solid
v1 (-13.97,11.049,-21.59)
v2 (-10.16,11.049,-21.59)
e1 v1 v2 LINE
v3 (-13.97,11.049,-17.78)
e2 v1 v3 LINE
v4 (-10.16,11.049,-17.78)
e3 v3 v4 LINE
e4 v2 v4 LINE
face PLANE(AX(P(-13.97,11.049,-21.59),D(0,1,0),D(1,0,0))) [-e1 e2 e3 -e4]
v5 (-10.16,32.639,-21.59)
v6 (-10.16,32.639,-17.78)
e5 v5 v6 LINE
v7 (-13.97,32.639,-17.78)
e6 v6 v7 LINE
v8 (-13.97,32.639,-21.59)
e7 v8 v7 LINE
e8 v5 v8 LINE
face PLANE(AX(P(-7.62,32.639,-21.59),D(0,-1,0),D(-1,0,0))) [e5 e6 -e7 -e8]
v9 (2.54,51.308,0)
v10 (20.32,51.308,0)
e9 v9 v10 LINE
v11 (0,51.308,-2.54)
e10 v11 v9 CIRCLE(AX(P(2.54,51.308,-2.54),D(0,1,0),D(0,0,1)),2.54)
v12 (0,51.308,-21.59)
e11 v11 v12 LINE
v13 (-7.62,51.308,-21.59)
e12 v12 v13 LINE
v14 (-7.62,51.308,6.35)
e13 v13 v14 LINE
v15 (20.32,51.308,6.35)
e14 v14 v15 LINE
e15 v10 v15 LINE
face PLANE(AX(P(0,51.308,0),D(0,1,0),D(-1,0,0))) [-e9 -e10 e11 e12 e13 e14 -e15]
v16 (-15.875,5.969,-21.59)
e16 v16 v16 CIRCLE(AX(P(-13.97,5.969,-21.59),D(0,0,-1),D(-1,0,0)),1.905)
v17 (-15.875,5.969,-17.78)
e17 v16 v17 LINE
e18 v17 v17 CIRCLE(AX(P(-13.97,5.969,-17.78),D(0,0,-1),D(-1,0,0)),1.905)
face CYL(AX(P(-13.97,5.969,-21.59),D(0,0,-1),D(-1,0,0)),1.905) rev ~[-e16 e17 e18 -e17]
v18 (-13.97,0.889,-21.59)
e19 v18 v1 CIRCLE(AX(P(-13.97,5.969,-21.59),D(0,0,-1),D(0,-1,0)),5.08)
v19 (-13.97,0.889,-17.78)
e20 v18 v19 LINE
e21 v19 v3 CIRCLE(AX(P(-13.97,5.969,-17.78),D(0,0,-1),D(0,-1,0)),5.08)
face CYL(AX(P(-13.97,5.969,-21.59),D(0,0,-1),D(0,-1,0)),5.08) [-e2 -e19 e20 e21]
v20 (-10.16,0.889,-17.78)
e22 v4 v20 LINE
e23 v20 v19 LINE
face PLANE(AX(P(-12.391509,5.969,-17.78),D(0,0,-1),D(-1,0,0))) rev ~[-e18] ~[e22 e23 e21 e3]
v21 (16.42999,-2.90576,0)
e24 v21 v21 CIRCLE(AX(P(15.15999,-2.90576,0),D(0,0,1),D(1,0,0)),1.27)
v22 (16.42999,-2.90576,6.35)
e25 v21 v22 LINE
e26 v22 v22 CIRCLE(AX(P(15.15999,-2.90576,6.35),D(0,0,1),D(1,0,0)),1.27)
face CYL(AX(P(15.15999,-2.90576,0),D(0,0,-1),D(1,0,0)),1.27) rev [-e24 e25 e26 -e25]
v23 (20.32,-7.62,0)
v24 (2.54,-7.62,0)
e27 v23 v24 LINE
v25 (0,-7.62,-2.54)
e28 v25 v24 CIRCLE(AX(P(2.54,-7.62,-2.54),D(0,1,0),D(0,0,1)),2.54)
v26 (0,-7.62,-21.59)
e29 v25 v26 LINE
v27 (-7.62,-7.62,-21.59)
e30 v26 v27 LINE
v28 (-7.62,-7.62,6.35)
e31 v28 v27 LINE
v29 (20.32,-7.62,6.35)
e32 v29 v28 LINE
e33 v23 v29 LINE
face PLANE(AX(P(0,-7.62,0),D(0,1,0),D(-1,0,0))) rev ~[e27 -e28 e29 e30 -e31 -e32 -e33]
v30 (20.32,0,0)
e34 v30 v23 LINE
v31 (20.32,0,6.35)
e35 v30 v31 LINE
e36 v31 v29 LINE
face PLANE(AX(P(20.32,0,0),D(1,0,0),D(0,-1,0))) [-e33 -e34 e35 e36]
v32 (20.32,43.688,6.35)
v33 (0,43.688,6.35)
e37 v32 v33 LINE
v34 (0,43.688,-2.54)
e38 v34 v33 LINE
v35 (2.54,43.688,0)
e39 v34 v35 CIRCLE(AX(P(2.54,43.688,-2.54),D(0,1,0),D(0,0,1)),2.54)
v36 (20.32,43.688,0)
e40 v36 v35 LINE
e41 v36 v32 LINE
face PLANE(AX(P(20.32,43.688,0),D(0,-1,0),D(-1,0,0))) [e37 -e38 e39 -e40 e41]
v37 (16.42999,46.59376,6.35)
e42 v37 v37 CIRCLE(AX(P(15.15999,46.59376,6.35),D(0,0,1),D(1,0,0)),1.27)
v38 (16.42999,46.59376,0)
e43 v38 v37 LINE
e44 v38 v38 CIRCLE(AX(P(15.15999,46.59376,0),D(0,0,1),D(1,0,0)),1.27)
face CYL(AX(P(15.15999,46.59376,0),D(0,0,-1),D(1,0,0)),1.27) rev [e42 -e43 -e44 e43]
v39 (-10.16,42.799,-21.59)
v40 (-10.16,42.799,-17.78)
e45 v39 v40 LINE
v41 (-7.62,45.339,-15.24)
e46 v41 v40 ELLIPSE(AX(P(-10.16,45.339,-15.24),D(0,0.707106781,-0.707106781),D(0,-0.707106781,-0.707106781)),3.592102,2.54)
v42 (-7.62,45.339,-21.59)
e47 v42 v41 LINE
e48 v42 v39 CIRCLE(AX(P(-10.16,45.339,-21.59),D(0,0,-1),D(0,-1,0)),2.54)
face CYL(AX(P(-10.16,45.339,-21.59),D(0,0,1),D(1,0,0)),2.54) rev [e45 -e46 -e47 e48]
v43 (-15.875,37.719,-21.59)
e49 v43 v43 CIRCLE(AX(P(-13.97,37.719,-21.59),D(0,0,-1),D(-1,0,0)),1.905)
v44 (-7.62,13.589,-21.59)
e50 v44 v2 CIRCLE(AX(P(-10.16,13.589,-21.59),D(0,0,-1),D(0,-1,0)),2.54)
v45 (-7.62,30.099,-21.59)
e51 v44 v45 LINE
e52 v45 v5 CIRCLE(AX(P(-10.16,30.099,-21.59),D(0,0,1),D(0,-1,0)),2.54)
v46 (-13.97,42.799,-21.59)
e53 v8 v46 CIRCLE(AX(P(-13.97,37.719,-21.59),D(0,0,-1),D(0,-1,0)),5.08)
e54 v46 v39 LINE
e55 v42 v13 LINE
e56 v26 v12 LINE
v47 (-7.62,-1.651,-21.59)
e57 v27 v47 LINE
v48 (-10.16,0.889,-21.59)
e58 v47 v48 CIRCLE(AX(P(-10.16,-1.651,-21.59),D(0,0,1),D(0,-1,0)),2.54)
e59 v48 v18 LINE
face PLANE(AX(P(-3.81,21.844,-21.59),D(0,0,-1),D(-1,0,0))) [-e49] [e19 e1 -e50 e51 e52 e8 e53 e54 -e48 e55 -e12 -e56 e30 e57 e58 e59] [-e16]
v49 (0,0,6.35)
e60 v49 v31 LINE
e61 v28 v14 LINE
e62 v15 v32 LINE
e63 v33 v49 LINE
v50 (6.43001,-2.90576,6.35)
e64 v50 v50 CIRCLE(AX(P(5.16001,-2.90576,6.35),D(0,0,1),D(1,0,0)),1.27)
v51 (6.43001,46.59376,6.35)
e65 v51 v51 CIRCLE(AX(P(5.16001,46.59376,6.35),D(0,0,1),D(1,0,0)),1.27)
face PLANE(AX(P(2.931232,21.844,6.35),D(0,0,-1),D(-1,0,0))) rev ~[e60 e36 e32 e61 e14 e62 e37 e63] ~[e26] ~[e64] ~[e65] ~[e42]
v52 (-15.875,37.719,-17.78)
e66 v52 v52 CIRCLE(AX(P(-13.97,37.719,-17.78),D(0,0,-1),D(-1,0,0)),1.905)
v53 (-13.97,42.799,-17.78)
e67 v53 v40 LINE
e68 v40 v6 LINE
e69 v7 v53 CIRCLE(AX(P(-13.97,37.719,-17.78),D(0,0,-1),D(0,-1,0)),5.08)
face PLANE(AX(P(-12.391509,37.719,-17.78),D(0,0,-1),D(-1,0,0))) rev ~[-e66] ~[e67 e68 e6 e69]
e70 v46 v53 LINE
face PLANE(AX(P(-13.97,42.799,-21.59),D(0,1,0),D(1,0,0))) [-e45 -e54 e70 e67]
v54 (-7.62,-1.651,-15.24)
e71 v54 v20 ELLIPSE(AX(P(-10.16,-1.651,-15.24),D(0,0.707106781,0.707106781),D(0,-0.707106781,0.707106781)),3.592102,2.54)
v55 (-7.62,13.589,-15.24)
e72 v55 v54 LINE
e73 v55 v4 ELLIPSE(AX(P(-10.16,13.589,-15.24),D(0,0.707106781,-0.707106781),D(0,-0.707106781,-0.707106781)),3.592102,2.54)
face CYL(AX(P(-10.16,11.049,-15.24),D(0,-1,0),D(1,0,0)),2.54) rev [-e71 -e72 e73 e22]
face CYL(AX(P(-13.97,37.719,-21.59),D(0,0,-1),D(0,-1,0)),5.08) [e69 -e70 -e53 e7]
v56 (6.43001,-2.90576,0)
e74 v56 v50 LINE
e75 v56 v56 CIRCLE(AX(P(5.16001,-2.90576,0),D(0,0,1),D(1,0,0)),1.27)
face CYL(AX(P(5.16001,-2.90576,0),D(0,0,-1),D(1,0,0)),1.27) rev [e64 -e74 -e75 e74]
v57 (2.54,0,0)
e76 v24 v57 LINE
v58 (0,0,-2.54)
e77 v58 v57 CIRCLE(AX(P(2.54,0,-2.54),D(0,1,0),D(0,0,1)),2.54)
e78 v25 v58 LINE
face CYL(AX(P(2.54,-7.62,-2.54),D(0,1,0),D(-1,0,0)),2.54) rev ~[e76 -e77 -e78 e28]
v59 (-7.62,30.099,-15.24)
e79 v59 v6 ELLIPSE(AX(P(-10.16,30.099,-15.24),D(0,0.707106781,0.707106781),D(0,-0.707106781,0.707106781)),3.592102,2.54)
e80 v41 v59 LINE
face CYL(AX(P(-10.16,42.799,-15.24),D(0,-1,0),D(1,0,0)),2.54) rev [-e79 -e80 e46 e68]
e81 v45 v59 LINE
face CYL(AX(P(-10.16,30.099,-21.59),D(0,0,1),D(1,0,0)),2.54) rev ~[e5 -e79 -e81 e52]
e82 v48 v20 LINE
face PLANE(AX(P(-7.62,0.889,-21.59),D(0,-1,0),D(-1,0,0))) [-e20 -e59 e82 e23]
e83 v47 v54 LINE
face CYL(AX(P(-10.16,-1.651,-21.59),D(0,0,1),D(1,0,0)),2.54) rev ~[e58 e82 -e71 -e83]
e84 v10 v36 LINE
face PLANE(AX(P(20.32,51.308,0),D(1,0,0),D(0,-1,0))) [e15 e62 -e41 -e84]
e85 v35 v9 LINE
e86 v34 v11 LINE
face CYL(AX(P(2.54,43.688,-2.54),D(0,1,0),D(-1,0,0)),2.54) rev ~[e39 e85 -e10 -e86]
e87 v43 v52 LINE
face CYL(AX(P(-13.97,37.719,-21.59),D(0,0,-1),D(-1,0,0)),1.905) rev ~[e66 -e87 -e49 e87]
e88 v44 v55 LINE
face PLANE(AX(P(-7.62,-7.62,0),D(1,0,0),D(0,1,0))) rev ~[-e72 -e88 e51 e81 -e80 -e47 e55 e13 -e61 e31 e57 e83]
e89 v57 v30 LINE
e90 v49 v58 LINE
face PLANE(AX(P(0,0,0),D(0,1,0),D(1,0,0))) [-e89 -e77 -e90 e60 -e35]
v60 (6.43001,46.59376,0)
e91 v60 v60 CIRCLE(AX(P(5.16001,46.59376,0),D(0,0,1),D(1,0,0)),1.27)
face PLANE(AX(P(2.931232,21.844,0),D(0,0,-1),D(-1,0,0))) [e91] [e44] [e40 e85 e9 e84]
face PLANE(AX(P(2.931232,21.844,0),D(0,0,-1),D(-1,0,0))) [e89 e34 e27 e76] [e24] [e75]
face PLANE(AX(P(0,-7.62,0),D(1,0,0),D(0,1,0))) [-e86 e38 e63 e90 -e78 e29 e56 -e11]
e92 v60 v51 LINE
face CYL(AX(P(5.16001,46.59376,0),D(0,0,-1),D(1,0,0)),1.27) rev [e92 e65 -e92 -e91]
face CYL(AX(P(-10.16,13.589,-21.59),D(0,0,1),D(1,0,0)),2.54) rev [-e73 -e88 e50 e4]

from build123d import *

# Parameters (mm, degrees)
SKETCH1_R           = 1.27
BOSS_EXTRUDE1_DEPTH = 6.35
SKETCH2_W           = 7.62
SKETCH2_H           = 58.928
BOSS_EXTRUDE2_DEPTH = 21.59
SKETCH3_R           = 1.905
BOSS_EXTRUDE3_DEPTH = 3.81
FILLET1_R           = 2.54


with BuildPart() as part:
    # Sketch1 → Boss-Extrude1 (new body)
    with BuildSketch(Plane.XY):
        Polygon((0, 0), (20.32, 0), (20.32, -7.62), (-7.62, -7.62), (-7.62, 51.308), (20.32, 51.308), (20.32, 43.688), (0, 43.688), align=None)
        with Locations((5.16001, 46.59376)):
            Circle(SKETCH1_R, mode=Mode.SUBTRACT)
        with Locations((15.15999, 46.59376)):
            Circle(SKETCH1_R, mode=Mode.SUBTRACT)
        with Locations((5.16001, -2.90576)):
            Circle(SKETCH1_R, mode=Mode.SUBTRACT)
        with Locations((15.15999, -2.90576)):
            Circle(SKETCH1_R, mode=Mode.SUBTRACT)
    extrude(amount=BOSS_EXTRUDE1_DEPTH)

    # Sketch2 → Boss-Extrude2 (add)
    with BuildSketch(Plane(origin=(0, 0, 0), x_dir=(-1, 0, 0), z_dir=(0, 0, -1))):
        with Locations((3.81, 21.844)):
            Rectangle(SKETCH2_W, SKETCH2_H)
    extrude(amount=BOSS_EXTRUDE2_DEPTH)

    # Sketch3 → Boss-Extrude3 (add)
    # profile 1 of 2: a face of its own
    with BuildSketch(Plane(origin=(0, 0, -21.59), x_dir=(-1, 0, 0), z_dir=(0, 0, -1))):
        with BuildLine():
            Line((13.97, 42.799), (7.62, 42.799))
            Line((7.62, 42.799), (7.62, 32.639))
            Line((7.62, 32.639), (13.97, 32.639))
            ThreePointArc((13.97, 32.639), (19.05, 37.719), (13.97, 42.799))
        make_face()
        with Locations((13.97, 37.719)):
            Circle(SKETCH3_R, mode=Mode.SUBTRACT)
    # profile 2 of 2: a face of its own
    with BuildSketch(Plane(origin=(0, 0, -21.59), x_dir=(-1, 0, 0), z_dir=(0, 0, -1))):
        with BuildLine():
            Line((13.97, 11.049), (7.62, 11.049))
            Line((7.62, 11.049), (7.62, 0.889))
            Line((7.62, 0.889), (13.97, 0.889))
            ThreePointArc((13.97, 0.889), (19.05, 5.969), (13.97, 11.049))
        make_face()
        with Locations((13.97, 5.969)):
            Circle(SKETCH3_R, mode=Mode.SUBTRACT)
    extrude(amount=-BOSS_EXTRUDE3_DEPTH)

    # Fillet1
    fillet1_edges = [part.edges().sort_by_distance(p)[0] for p in [
        (0, -3.81, 0),
        (0, 47.498, 0),
        (-7.62, 37.719, -17.78),
        (-7.62, 32.639, -19.685),
        (-7.62, 42.799, -19.685),
        (-7.62, 5.969, -17.78),
        (-7.62, 0.889, -19.685),
        (-7.62, 11.049, -19.685),
    ]]
    fillet(fillet1_edges, radius=FILLET1_R)


solid = part.part
